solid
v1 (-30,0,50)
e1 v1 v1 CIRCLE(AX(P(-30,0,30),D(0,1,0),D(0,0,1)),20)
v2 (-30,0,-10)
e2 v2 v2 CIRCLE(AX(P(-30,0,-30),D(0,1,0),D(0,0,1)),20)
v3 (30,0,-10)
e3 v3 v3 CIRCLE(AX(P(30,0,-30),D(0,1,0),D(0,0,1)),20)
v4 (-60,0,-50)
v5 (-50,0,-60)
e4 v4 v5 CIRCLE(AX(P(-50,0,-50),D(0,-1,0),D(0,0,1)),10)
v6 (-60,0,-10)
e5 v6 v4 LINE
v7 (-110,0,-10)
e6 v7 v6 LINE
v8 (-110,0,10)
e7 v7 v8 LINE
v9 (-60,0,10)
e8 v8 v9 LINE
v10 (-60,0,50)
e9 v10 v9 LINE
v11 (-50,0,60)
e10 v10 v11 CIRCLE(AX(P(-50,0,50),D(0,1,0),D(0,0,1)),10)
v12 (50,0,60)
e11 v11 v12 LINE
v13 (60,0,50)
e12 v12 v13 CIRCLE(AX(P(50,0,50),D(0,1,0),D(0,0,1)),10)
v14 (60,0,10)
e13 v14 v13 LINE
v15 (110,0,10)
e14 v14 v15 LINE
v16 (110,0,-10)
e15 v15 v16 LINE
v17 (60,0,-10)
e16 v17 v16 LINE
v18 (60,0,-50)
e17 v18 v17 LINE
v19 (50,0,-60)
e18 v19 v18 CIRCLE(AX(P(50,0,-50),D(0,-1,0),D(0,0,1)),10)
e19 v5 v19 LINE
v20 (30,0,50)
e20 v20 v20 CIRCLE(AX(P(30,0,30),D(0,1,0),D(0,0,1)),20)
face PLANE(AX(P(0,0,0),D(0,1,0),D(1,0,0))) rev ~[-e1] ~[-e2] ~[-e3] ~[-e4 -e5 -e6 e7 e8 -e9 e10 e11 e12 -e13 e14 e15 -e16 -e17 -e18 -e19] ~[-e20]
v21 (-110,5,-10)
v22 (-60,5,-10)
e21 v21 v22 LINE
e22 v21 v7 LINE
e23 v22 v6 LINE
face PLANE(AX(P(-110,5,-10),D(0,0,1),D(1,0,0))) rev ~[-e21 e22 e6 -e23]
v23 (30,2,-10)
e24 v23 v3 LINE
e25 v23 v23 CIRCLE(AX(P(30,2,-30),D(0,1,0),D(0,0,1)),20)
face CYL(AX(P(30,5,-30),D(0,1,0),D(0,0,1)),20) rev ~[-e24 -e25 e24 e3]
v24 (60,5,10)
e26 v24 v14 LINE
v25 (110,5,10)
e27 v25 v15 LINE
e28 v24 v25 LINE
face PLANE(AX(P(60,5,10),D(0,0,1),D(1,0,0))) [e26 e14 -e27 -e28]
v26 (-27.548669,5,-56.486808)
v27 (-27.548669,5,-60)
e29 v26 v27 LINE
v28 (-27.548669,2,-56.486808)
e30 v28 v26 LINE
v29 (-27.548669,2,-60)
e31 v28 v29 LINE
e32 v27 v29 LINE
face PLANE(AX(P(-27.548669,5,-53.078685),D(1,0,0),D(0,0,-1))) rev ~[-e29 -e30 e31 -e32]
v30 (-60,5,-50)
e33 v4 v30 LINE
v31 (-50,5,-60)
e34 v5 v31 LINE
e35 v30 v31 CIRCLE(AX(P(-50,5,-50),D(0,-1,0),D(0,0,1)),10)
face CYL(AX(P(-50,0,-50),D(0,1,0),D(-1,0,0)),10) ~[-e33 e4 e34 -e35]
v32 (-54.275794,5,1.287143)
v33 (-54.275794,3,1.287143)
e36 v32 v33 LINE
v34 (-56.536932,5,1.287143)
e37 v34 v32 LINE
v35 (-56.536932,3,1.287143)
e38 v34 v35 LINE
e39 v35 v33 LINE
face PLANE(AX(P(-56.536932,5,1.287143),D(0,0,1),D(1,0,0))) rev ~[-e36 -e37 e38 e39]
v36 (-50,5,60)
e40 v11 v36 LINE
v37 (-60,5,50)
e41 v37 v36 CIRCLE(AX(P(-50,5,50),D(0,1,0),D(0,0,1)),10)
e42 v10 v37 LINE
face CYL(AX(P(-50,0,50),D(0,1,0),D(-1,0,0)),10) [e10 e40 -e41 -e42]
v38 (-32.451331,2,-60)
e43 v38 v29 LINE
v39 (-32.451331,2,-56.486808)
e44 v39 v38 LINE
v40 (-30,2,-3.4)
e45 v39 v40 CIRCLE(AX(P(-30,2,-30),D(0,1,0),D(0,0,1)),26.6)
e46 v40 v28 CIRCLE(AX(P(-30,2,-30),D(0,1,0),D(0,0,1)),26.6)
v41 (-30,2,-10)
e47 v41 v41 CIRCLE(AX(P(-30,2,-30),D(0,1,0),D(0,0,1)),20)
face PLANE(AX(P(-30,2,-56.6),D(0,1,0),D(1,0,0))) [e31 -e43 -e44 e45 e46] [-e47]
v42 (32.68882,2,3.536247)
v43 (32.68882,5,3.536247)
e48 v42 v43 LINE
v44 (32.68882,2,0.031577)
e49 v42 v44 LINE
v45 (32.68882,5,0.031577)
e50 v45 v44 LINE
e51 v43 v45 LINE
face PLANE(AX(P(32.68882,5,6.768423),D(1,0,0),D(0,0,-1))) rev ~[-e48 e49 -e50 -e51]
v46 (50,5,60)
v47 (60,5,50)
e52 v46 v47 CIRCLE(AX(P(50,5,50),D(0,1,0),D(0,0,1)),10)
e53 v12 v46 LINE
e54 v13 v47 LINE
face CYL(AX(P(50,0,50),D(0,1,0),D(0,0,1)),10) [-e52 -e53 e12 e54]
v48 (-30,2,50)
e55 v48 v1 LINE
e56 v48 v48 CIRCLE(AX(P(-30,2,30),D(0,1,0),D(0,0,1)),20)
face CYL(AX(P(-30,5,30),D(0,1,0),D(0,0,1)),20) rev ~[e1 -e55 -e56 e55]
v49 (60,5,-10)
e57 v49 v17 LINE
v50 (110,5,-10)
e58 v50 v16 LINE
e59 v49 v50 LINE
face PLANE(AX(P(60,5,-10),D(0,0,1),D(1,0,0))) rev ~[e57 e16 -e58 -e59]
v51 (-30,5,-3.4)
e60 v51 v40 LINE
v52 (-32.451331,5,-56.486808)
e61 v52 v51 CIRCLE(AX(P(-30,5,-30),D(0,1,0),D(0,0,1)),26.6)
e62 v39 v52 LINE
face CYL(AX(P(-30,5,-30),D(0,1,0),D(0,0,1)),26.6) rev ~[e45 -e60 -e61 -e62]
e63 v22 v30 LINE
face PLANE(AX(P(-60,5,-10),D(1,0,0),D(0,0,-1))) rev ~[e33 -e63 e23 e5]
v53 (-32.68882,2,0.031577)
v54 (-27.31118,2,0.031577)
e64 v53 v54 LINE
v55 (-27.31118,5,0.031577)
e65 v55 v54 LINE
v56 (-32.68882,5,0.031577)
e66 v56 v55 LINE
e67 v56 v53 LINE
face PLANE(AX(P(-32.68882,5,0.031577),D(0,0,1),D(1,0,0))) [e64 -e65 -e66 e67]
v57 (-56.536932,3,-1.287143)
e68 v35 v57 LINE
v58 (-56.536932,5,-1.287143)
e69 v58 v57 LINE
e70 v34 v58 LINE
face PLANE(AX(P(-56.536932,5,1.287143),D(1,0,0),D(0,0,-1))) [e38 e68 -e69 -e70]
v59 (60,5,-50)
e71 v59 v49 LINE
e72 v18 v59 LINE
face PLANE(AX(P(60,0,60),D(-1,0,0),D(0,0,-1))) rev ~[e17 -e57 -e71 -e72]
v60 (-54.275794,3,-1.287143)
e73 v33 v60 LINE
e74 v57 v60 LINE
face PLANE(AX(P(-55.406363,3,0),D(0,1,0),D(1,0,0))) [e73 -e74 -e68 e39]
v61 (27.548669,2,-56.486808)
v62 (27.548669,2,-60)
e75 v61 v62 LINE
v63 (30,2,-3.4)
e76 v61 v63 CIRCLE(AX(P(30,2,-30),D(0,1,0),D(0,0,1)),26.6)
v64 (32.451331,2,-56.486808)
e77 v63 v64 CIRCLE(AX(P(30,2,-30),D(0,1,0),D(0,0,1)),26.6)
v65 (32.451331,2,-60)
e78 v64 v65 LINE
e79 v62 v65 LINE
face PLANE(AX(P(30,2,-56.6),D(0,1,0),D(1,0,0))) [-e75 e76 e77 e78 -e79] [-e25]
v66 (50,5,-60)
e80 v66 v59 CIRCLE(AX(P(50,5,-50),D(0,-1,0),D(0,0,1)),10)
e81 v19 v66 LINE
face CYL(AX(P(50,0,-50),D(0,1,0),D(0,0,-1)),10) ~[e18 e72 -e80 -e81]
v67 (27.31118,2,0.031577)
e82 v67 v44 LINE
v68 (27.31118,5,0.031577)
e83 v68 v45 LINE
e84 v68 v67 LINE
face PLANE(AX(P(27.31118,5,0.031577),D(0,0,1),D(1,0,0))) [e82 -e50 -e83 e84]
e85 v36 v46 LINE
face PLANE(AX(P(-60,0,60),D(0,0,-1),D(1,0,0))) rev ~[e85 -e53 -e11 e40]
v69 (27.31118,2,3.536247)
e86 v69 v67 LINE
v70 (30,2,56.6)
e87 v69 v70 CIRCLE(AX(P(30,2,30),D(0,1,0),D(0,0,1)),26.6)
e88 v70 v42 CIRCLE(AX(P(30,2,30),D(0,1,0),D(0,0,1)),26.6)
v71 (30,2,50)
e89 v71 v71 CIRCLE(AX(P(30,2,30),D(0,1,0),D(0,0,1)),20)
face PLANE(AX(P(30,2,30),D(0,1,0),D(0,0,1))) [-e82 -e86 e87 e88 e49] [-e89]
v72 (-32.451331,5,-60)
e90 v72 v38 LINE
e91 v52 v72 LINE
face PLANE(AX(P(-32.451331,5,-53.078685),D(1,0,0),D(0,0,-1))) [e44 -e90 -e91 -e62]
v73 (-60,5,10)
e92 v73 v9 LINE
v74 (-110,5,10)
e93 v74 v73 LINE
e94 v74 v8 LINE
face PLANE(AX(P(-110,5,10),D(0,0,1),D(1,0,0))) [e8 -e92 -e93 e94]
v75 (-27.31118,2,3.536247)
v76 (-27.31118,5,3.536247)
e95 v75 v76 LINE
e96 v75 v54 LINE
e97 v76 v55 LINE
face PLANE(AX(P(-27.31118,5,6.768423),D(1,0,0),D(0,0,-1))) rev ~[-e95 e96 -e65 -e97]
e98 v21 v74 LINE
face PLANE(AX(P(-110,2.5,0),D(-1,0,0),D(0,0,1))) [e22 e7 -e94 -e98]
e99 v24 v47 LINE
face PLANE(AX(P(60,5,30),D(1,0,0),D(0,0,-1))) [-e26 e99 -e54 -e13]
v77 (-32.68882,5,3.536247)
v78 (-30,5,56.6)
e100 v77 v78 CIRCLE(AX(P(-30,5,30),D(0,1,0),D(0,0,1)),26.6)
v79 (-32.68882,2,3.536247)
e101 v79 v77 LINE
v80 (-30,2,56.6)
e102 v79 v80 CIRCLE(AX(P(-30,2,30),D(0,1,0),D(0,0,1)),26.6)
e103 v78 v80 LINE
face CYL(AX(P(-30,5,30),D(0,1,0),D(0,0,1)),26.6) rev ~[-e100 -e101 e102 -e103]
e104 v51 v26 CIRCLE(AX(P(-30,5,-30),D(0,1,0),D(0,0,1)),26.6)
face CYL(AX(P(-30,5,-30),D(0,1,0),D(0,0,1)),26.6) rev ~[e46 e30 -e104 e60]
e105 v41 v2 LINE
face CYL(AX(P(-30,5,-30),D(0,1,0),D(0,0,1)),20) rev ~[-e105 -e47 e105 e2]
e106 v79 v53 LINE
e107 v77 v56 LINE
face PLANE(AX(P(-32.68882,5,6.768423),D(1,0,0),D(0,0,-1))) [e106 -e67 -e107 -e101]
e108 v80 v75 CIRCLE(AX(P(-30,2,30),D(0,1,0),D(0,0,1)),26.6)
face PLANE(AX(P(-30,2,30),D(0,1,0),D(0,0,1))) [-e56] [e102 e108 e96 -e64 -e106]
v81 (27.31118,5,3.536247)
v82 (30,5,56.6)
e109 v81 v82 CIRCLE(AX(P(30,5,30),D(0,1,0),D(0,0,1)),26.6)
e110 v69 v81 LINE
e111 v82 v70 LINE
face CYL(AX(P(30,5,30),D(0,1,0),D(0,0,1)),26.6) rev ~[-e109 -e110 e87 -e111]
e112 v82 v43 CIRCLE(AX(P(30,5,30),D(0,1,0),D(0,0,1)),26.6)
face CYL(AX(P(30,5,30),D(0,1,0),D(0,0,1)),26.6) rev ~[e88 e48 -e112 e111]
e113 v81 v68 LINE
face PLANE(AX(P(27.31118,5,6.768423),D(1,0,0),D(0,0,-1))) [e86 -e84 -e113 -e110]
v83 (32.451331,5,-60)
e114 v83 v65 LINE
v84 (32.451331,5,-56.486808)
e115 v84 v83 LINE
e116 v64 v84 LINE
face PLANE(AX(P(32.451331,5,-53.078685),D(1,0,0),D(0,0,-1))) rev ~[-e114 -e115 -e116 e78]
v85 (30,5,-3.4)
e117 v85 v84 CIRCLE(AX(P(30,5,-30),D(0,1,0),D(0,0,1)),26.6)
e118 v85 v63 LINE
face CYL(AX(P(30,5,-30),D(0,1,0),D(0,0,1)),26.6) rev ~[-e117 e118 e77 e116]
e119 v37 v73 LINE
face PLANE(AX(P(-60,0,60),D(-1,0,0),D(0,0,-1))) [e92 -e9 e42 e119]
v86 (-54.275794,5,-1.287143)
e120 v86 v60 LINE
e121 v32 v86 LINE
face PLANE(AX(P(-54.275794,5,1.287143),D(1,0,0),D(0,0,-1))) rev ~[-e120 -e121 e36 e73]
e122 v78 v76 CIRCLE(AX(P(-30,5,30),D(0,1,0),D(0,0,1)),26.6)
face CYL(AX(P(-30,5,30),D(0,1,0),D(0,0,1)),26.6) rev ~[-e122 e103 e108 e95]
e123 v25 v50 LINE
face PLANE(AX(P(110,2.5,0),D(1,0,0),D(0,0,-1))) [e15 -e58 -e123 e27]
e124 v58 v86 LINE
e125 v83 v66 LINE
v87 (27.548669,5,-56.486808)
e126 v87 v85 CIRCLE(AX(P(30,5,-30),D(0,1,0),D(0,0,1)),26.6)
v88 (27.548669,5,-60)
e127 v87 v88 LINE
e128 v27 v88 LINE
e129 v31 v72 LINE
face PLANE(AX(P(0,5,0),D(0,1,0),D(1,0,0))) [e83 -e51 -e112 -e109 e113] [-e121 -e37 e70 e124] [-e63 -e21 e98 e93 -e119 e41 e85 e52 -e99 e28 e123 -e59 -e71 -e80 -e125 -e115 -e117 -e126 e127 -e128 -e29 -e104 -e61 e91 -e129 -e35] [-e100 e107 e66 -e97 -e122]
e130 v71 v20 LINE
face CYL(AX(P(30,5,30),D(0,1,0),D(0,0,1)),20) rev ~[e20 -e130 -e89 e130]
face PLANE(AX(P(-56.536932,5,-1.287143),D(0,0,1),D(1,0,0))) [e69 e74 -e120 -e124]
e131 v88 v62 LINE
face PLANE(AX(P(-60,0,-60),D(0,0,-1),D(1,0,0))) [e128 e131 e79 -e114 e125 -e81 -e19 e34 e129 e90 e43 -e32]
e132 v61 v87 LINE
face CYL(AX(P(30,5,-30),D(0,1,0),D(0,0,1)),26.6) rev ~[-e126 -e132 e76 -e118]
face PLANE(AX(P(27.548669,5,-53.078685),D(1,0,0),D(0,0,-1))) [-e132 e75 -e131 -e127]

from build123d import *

# Parameters (mm, degrees)
SKETCH1_W           = 120
SKETCH1_H           = 120
BOSS_EXTRUDE1_DEPTH = 5
SKETCH2_R           = 20
CUT_EXTRUDE4_DEPTH  = 5
SKETCH3_R           = 26.6
SKETCH3_R_2         = 20
CUT_EXTRUDE5_DEPTH  = 3
SKETCH4_W           = 60
SKETCH4_H           = 5
BOSS_EXTRUDE2_DEPTH = 50
SKETCH5_W           = 60
SKETCH5_H           = 5
BOSS_EXTRUDE3_DEPTH = 50
FILLET3_R           = 10
FILLET4_R           = 10
FILLET5_R           = 10
FILLET6_R           = 10
SKETCH8_W           = 50
SKETCH8_H           = 20
CUT_EXTRUDE6_DEPTH  = 10
SKETCH10_W          = 2.261137553
SKETCH10_H          = 2.574285836
CUT_EXTRUDE7_DEPTH  = 2
SKETCH12_W          = 5.377639696
SKETCH12_H          = 6.736845814
CUT_EXTRUDE10_DEPTH = 3
SKETCH14_W          = 4.90266265
SKETCH14_H          = 7.042630192
CUT_EXTRUDE11_DEPTH = 3


with BuildPart() as part:
    # Sketch1 → Boss-Extrude1 (new body)
    with BuildSketch(Plane(origin=(0, 0, 0), x_dir=(1, 0, 0), z_dir=(0, 1, 0))):
        Rectangle(SKETCH1_W, SKETCH1_H)
    extrude(amount=BOSS_EXTRUDE1_DEPTH)

    # Sketch2 → Cut-Extrude4 (cut)
    with BuildSketch(Plane(origin=(0, 5, 0), x_dir=(1, 0, 0), z_dir=(0, 1, 0))):
        with Locations(Location((30, 30, 0), (0, 0, 270))):
            Circle(SKETCH2_R)
        with Locations(Location((-30, -30, 0), (0, 0, 270))):
            Circle(SKETCH2_R)
        with Locations(Location((30, -30, 0), (0, 0, 270))):
            Circle(SKETCH2_R)
        with Locations(Location((-30, 30, 0), (0, 0, 270))):
            Circle(SKETCH2_R)
    extrude(amount=-CUT_EXTRUDE4_DEPTH, mode=Mode.SUBTRACT)

    # Sketch3 → Cut-Extrude5 (cut)
    # profile 1 of 4: a face of its own
    with BuildSketch(Plane(origin=(0, 5, 0), x_dir=(1, 0, 0), z_dir=(0, 1, 0))):
        with Locations(Location((30, 30, 0), (0, 0, 270))):
            Circle(SKETCH3_R)
        with Locations(Location((30, 30, 0), (0, 0, 270))):
            Circle(SKETCH3_R_2, mode=Mode.SUBTRACT)
    # profile 2 of 4: a face of its own
    with BuildSketch(Plane(origin=(0, 5, 0), x_dir=(1, 0, 0), z_dir=(0, 1, 0))):
        with Locations(Location((-30, -30, 0), (0, 0, 270))):
            Circle(SKETCH3_R)
        with Locations(Location((-30, -30, 0), (0, 0, 270))):
            Circle(SKETCH3_R_2, mode=Mode.SUBTRACT)
    # profile 3 of 4: a face of its own
    with BuildSketch(Plane(origin=(0, 5, 0), x_dir=(1, 0, 0), z_dir=(0, 1, 0))):
        with Locations(Location((30, -30, 0), (0, 0, 270))):
            Circle(SKETCH3_R)
        with Locations(Location((30, -30, 0), (0, 0, 270))):
            Circle(SKETCH3_R_2, mode=Mode.SUBTRACT)
    # profile 4 of 4: a face of its own
    with BuildSketch(Plane(origin=(0, 5, 0), x_dir=(1, 0, 0), z_dir=(0, 1, 0))):
        with Locations(Location((-30, 30, 0), (0, 0, 270))):
            Circle(SKETCH3_R)
    extrude(amount=-CUT_EXTRUDE5_DEPTH, mode=Mode.SUBTRACT)

    # Sketch4 → Boss-Extrude2 (add)
    with BuildSketch(Plane(origin=(60, 0, 0), x_dir=(0, 0, -1), z_dir=(1, 0, 0))):
        with Locations((0, 2.5)):
            Rectangle(SKETCH4_W, SKETCH4_H)
    extrude(amount=BOSS_EXTRUDE2_DEPTH)

    # Sketch5 → Boss-Extrude3 (add)
    with BuildSketch(Plane.ZY.offset(60)):
        with Locations((0, 2.5)):
            Rectangle(SKETCH5_W, SKETCH5_H)
    extrude(amount=BOSS_EXTRUDE3_DEPTH)

    # Fillet3
    fillet3_edges = [part.edges().sort_by_distance(p)[0] for p in [
        (-60, 2.5, 60),
    ]]
    fillet(fillet3_edges, radius=FILLET3_R)

    # Fillet4
    fillet4_edges = [part.edges().sort_by_distance(p)[0] for p in [
        (60, 2.5, 60),
    ]]
    fillet(fillet4_edges, radius=FILLET4_R)

    # Fillet5
    fillet5_edges = [part.edges().sort_by_distance(p)[0] for p in [
        (-60, 2.5, -60),
    ]]
    fillet(fillet5_edges, radius=FILLET5_R)

    # Fillet6
    fillet6_edges = [part.edges().sort_by_distance(p)[0] for p in [
        (60, 2.5, -60),
    ]]
    fillet(fillet6_edges, radius=FILLET6_R)

    # Sketch8 → Cut-Extrude6 (cut)
    with BuildSketch(Plane(origin=(0, 5, 0), x_dir=(1, 0, 0), z_dir=(0, 1, 0))):
        with Locations((-85, 20)):
            Rectangle(SKETCH8_W, SKETCH8_H)
        with Locations((-85, -20)):
            Rectangle(SKETCH8_W, SKETCH8_H)
        with Locations((85, -20)):
            Rectangle(SKETCH8_W, SKETCH8_H)
        with Locations((85, 20)):
            Rectangle(SKETCH8_W, SKETCH8_H)
    extrude(amount=-CUT_EXTRUDE6_DEPTH, mode=Mode.SUBTRACT)

    # Sketch10 → Cut-Extrude7 (cut)
    with BuildSketch(Plane(origin=(0, 5, 0), x_dir=(1, 0, 0), z_dir=(0, 1, 0))):
        with Locations((-55.406362831, 0)):
            Rectangle(SKETCH10_W, SKETCH10_H)
    extrude(amount=-CUT_EXTRUDE7_DEPTH, mode=Mode.SUBTRACT)

    # Sketch12 → Cut-Extrude10 (cut)
    with BuildSketch(Plane(origin=(0, 5, 0), x_dir=(1, 0, 0), z_dir=(0, 1, 0))):
        with Locations((-30, -3.4)):
            Rectangle(SKETCH12_W, SKETCH12_H)
        with Locations((30, -3.4)):
            Rectangle(SKETCH12_W, SKETCH12_H)
    extrude(amount=-CUT_EXTRUDE10_DEPTH, mode=Mode.SUBTRACT)

    # Sketch14 → Cut-Extrude11 (cut)
    with BuildSketch(Plane(origin=(0, 5, 0), x_dir=(1, 0, 0), z_dir=(0, 1, 0))):
        with Locations((-30, 56.6)):
            Rectangle(SKETCH14_W, SKETCH14_H)
        with Locations((30, 56.6)):
            Rectangle(SKETCH14_W, SKETCH14_H)
    extrude(amount=-CUT_EXTRUDE11_DEPTH, mode=Mode.SUBTRACT)


solid = part.part
